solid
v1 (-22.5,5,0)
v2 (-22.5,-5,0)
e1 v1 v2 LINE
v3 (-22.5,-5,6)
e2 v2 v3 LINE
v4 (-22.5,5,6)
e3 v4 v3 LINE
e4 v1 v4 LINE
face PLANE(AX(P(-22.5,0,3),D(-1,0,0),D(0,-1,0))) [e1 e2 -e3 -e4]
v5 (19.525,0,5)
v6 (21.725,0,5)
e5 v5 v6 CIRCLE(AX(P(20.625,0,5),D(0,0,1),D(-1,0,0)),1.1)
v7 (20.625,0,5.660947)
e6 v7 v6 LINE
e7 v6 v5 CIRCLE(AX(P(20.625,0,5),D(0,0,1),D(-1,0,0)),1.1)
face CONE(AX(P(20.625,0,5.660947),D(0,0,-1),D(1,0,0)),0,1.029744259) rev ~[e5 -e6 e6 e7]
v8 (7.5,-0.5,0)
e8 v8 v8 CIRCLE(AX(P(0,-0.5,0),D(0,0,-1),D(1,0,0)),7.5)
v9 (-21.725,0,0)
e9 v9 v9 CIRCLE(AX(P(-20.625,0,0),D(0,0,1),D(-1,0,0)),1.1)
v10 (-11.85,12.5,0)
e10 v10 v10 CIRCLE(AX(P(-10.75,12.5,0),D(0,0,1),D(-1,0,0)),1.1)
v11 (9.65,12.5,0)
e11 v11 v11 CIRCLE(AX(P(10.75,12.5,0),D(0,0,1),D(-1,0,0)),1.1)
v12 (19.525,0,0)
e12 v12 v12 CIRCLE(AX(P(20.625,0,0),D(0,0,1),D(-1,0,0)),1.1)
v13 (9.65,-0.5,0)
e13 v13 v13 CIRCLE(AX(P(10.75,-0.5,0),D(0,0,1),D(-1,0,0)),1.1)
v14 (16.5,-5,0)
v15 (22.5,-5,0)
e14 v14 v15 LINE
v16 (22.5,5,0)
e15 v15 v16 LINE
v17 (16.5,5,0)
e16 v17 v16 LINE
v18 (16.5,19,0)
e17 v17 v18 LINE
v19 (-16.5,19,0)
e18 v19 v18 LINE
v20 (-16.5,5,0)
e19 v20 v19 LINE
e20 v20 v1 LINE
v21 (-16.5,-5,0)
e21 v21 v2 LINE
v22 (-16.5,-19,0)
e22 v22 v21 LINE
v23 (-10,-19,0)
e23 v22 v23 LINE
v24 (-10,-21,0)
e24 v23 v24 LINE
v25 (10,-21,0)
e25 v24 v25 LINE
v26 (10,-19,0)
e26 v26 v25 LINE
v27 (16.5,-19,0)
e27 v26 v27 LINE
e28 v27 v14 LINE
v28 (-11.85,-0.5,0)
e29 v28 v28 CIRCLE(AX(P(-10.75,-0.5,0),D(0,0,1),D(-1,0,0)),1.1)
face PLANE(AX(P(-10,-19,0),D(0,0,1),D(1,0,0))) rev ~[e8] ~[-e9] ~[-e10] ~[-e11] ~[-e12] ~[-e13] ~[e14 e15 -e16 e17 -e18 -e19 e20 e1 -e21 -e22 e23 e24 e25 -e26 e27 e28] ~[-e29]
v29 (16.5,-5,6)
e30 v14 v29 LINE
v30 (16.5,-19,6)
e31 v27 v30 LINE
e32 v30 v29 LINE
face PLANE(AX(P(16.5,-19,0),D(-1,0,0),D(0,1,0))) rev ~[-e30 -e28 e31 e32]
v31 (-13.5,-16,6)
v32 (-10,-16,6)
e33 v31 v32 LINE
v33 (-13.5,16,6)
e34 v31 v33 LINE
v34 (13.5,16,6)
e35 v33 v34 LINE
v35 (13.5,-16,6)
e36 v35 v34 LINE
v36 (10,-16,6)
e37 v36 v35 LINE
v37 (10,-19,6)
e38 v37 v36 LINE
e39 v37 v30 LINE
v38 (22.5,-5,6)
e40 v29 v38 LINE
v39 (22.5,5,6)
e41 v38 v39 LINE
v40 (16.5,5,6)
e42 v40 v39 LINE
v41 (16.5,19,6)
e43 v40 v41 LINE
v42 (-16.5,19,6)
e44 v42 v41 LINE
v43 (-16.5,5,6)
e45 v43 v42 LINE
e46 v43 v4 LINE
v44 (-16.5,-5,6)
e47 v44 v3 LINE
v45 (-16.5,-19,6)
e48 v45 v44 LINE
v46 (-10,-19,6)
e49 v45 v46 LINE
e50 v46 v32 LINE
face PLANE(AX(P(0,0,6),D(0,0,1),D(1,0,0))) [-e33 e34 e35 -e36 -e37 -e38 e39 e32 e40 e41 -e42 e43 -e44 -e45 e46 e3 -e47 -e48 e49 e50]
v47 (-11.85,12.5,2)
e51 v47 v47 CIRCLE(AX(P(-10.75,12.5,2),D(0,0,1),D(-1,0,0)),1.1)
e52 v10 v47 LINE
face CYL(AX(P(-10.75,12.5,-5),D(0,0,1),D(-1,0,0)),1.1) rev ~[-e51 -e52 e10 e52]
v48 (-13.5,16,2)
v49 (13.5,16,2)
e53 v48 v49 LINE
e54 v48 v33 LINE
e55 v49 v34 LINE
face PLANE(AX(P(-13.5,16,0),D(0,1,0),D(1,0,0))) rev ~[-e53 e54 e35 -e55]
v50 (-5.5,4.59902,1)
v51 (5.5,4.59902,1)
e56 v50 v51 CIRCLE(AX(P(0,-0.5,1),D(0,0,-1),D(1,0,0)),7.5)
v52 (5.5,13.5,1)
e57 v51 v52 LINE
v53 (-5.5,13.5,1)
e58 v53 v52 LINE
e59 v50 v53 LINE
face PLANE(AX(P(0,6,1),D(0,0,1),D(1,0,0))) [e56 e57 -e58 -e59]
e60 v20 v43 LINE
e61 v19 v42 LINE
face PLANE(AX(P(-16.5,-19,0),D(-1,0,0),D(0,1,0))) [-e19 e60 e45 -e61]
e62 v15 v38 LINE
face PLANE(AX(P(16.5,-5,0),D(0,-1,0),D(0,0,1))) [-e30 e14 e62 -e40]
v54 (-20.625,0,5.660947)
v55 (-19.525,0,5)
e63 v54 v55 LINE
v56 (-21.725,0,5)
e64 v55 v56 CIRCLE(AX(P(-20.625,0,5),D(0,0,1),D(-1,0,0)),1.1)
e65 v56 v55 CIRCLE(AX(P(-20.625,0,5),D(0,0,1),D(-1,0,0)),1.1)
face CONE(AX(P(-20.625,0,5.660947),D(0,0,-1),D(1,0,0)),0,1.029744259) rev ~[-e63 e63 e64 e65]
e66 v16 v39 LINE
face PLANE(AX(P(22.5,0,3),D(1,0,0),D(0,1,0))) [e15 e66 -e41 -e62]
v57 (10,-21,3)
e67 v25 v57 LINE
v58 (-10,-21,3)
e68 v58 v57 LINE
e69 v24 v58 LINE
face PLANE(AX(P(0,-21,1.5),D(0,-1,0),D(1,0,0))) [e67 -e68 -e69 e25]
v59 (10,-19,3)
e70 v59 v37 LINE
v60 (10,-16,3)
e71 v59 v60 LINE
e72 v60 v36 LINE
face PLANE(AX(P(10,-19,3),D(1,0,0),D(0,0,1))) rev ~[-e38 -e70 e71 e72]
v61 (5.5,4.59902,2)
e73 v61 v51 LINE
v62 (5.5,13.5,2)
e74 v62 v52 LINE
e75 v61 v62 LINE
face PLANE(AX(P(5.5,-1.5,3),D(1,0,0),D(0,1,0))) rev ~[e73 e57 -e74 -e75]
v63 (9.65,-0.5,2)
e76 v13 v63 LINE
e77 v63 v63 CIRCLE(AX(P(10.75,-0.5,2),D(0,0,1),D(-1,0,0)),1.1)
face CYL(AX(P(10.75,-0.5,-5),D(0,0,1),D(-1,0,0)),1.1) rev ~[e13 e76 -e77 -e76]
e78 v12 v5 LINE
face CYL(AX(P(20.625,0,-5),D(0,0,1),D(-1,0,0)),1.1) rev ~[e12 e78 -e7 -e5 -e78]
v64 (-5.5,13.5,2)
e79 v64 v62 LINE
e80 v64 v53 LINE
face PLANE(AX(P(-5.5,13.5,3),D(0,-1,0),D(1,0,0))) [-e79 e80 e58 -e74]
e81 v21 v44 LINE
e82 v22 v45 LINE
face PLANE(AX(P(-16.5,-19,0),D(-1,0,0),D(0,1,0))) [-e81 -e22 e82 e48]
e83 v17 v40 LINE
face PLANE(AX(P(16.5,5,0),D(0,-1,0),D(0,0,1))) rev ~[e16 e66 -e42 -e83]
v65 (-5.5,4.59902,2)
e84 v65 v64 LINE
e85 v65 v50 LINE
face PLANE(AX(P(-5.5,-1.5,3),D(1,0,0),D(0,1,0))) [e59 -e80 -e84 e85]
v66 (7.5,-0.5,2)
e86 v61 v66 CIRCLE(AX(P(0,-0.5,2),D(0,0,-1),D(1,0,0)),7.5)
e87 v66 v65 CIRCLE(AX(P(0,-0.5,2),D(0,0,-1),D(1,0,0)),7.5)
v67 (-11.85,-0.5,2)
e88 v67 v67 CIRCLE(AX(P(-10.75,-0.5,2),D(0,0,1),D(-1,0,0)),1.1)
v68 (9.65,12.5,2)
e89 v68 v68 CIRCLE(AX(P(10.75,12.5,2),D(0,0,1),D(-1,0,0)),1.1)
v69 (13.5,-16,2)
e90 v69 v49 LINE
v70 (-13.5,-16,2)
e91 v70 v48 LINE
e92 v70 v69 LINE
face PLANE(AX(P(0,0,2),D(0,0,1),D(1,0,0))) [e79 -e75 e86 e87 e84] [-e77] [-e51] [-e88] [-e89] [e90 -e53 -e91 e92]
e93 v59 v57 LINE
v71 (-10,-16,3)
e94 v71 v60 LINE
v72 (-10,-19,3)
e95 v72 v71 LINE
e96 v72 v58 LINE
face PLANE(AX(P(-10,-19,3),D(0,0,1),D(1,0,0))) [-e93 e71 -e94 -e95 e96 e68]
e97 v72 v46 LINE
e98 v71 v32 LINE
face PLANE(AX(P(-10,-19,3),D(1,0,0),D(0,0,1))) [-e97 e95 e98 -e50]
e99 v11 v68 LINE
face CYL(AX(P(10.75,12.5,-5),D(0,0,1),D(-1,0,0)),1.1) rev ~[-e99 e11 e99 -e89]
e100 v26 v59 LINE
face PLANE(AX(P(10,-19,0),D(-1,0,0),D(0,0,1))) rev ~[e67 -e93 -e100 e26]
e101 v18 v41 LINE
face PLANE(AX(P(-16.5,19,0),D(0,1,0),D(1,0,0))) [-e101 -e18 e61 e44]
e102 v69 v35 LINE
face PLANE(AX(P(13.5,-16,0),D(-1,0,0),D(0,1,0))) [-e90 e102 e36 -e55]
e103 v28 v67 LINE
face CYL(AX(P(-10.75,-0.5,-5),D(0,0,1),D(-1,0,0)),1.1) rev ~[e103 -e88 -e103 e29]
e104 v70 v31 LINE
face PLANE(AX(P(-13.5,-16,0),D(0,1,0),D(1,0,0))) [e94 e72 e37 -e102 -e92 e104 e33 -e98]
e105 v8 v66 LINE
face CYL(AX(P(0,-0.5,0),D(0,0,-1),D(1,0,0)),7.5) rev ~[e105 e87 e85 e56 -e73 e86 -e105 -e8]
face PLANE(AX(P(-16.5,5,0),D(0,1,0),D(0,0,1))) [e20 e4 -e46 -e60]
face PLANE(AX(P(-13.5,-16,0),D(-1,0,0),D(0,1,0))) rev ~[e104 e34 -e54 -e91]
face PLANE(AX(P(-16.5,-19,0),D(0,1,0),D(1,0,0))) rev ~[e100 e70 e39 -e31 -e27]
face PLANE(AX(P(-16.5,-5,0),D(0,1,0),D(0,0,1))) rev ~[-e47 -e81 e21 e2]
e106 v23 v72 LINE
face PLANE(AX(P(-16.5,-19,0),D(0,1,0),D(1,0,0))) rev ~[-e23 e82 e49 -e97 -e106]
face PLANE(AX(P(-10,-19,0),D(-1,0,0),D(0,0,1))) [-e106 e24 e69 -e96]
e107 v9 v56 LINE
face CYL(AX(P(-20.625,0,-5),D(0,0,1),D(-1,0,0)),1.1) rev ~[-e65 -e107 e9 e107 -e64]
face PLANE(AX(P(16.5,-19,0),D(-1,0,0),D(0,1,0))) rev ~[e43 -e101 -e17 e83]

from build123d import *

# Parameters (mm, degrees)
F0_W      = 33
F0_H      = 38
F0_W_2    = 27
F0_H_2    = 32
F1_DEPTH  = 6
F2_DEPTH  = 2
F4_D      = 2.2
F4_DEPTH  = 5
F4_TIP    = 0.6609466809
F5_W      = 10
F5_H      = 6
F6_DEPTH  = 6
F7_W      = 10
F7_H      = 6
F8_DEPTH  = 6
F10_D     = 2.2
F10_DEPTH = 5
F10_TIP   = 0.6609466809
F11_W     = 20
F11_H     = 3
F12_DEPTH = 3
F13_W     = 20
F13_H     = 3
F14_DEPTH = 2
F15_W     = 11
F15_H     = 15
F16_DEPTH = 2
F3_R      = 7.5
F17_DEPTH = 2.001


with BuildPart() as f1:
    # F0 (on Top) → F1 (new body)
    with BuildSketch(Plane.XY):
        Rectangle(F0_W, F0_H)
        Rectangle(F0_W_2, F0_H_2, mode=Mode.SUBTRACT)
    extrude(amount=F1_DEPTH)

    # F0 (on Top) → F2 (join)
    with BuildSketch(Plane.XY):
        Rectangle(F0_W_2, F0_H_2)
    extrude(amount=F2_DEPTH)

    # F4
    with Locations(Plane(origin=(0, 0, 0), x_dir=(1, 0, 0), z_dir=(0, 0, -1))):
        with Locations((-10.75, 0.5), (-10.75, -12.5), (10.75, -12.5), (10.75, 0.5)):
            Hole(F4_D / 2, depth=F4_DEPTH)
            with Locations((0, 0, -(F4_DEPTH + F4_TIP / 2))):  # 118° drill point
                Cone(0, F4_D / 2, F4_TIP, mode=Mode.SUBTRACT)

    # F5 (on face) → F6 (join)
    with BuildSketch(Plane.YZ.offset(16.5)):
        with Locations((0, 3)):
            Rectangle(F5_W, F5_H)
    extrude(amount=F6_DEPTH)

    # F7 (on face) → F8 (join)
    with BuildSketch(Plane(origin=(-16.5, 0, 0), x_dir=(0, -1, 0), z_dir=(-1, 0, 0))):
        with Locations((0, 3)):
            Rectangle(F7_W, F7_H)
    extrude(amount=F8_DEPTH)

    # F10
    with Locations(Plane(origin=(0, 0, 0), x_dir=(1, 0, 0), z_dir=(0, 0, -1))):
        with Locations((20.625, 0), (-20.625, 0)):
            Hole(F10_D / 2, depth=F10_DEPTH)
            with Locations((0, 0, -(F10_DEPTH + F10_TIP / 2))):  # 118° drill point
                Cone(0, F10_D / 2, F10_TIP, mode=Mode.SUBTRACT)

    # F11 (on face) → F12 (cut, through all)
    with BuildSketch(Plane.XZ.offset(19)):
        with Locations((0, 4.5)):
            Rectangle(F11_W, F11_H)
    extrude(amount=-F12_DEPTH, mode=Mode.SUBTRACT)

    # F13 (on face) → F14 (join)
    with BuildSketch(Plane.XZ.offset(19)):
        with Locations((0, 1.5)):
            Rectangle(F13_W, F13_H)
    extrude(amount=F14_DEPTH)

    # F15 (on face) → F16 (cut)
    with BuildSketch(Plane.XY.offset(3)):
        with Locations((0, 6)):
            Rectangle(F15_W, F15_H)
    extrude(amount=-F16_DEPTH, mode=Mode.SUBTRACT)

    # F3 (on face) → F17 (cut, through all)
    with BuildSketch(Plane(origin=(0, 0, 0), x_dir=(1, 0, 0), z_dir=(0, 0, -1))):
        with Locations((0, 0.5)):
            Circle(F3_R)
    extrude(amount=-F17_DEPTH, mode=Mode.SUBTRACT)


solid = f1.part
